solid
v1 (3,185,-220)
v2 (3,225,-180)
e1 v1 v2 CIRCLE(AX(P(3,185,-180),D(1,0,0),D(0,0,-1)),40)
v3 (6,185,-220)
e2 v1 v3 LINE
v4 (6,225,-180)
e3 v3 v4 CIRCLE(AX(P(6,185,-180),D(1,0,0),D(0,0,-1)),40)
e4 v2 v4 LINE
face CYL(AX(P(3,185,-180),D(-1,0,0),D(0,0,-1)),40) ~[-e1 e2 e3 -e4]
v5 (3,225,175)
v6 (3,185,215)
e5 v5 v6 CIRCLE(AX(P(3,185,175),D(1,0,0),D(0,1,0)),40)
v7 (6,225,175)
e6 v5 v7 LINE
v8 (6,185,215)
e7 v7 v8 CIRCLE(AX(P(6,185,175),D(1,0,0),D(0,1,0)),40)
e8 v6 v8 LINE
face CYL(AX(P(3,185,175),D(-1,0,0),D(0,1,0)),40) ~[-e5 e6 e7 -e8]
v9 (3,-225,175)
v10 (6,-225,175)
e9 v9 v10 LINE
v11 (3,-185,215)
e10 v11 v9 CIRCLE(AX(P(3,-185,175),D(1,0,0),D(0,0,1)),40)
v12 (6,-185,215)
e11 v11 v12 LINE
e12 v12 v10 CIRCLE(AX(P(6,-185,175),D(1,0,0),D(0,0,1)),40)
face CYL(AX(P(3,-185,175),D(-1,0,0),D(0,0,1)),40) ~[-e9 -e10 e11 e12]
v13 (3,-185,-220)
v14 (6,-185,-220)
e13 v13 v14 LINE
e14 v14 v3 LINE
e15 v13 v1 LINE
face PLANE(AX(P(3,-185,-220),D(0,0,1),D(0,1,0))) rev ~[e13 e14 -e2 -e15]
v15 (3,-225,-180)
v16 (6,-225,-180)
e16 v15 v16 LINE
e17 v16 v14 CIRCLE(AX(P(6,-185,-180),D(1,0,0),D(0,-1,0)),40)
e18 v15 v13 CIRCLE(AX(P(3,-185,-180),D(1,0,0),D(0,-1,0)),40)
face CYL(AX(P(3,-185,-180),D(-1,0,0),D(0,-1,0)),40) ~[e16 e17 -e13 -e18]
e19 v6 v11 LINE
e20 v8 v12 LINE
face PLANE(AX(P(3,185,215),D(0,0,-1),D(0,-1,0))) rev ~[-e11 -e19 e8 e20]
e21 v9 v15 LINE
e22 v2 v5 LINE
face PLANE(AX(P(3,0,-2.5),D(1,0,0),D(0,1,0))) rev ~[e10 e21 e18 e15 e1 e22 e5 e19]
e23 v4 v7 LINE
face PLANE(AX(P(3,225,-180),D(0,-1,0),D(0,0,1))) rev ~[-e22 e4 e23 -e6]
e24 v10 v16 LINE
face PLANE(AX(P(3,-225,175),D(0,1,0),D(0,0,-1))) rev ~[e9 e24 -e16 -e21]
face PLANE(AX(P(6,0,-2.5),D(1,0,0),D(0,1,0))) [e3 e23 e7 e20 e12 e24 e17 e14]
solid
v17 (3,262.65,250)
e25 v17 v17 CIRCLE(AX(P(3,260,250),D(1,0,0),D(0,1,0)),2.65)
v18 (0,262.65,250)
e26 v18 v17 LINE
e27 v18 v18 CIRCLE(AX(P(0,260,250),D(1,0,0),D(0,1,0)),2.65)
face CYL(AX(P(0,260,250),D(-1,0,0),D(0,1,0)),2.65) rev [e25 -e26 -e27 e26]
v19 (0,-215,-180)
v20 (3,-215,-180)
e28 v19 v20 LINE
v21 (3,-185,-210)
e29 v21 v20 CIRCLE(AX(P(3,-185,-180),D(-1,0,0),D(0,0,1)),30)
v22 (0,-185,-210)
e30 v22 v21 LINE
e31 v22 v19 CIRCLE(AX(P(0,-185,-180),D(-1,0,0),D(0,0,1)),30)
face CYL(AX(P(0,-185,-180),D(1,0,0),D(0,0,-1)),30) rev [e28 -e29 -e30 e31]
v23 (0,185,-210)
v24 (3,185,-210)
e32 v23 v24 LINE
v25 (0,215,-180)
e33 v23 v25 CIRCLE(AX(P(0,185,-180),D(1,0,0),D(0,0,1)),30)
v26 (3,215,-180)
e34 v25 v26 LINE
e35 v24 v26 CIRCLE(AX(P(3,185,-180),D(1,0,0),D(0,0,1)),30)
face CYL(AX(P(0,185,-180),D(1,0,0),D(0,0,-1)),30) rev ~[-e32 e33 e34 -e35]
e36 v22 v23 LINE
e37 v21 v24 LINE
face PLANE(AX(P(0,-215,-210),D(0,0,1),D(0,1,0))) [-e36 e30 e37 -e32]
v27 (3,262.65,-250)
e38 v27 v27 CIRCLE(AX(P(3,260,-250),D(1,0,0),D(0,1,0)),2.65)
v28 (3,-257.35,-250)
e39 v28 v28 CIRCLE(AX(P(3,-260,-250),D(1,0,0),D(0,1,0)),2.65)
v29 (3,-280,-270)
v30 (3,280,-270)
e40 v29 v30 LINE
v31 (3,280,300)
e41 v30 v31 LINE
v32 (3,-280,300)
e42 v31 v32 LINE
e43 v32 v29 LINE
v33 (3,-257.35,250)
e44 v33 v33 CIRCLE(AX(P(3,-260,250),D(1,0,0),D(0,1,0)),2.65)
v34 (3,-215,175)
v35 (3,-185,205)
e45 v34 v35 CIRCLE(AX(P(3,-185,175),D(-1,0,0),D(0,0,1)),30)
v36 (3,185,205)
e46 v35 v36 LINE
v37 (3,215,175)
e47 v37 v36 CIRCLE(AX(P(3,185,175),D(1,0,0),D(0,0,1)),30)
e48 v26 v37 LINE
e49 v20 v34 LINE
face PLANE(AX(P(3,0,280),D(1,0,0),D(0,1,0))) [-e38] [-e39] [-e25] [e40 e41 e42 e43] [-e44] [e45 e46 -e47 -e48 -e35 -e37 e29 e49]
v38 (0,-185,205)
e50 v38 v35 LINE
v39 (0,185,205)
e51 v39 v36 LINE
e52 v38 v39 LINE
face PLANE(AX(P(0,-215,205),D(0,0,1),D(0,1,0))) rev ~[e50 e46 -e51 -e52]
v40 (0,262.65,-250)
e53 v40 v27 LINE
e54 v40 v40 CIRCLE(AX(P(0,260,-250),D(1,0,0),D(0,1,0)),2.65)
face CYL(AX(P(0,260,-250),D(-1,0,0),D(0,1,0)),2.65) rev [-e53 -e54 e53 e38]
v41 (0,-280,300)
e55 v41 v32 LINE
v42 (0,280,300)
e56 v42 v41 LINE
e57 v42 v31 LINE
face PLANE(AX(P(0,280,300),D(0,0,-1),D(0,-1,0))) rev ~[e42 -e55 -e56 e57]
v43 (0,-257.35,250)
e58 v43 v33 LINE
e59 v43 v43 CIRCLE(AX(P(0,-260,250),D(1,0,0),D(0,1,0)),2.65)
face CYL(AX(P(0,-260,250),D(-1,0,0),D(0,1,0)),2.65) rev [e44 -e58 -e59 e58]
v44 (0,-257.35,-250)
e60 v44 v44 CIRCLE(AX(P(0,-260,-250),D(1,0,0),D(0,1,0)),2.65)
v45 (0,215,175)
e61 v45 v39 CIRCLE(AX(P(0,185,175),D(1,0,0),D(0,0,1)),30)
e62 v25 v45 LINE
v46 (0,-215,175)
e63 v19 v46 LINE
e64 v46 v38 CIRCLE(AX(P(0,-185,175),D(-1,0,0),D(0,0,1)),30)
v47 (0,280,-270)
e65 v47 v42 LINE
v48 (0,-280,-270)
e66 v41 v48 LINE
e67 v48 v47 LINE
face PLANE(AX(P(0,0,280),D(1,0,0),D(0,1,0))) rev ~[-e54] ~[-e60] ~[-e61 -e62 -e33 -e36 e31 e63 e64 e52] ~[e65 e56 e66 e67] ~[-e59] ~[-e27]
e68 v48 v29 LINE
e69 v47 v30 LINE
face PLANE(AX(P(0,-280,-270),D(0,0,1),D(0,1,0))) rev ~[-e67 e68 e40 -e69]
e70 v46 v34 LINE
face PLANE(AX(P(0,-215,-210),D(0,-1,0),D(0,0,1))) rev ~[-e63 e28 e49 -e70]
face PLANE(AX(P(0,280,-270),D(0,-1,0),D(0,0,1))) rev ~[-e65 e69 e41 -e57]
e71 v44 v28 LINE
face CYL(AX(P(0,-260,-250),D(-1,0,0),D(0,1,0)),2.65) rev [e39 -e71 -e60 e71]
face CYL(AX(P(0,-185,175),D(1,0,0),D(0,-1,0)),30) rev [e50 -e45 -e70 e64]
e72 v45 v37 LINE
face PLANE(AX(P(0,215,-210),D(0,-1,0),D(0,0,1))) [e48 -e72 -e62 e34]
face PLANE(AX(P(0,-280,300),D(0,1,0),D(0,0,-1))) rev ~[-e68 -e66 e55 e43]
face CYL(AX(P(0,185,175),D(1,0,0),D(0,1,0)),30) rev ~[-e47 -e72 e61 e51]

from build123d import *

# Parameters (mm, degrees)
F0_W     = 540
F0_H     = 40
F0_R     = 2.65
F0_W_2   = 430
F0_H_2   = 415
F1_DEPTH = 3
F2_R     = 30
F4_DEPTH = 3


with BuildPart() as f1:
    # F0 (on Right) → F1 (new body)
    with BuildSketch(Plane.YZ):
        with Locations((0, 280)):
            Rectangle(F0_W, F0_H)
        Polygon((270, 260), (-270, 260), (-270, 300), (-280, 300), (-280, -260), (-280, -270), (280, -270), (280, -260), (280, 300), (270, 300), align=None)
        with Locations((-260, -250)):
            Circle(F0_R, mode=Mode.SUBTRACT)
        with Locations((260, -250)):
            Circle(F0_R, mode=Mode.SUBTRACT)
        with Locations((0, -2.5)):
            Rectangle(F0_W_2, F0_H_2, mode=Mode.SUBTRACT)
        with Locations((-260, 250)):
            Circle(F0_R, mode=Mode.SUBTRACT)
        with Locations((260, 250)):
            Circle(F0_R, mode=Mode.SUBTRACT)
    extrude(amount=F1_DEPTH)

    # F2
    f2_edges = [f1.edges().sort_by_distance(p)[0] for p in [
        (1.5, -215, 205),
        (1.5, 215, 205),
        (1.5, 215, -210),
        (1.5, -215, -210),
    ]]
    fillet(f2_edges, radius=F2_R)


with BuildPart() as f4:
    # F3 (on face) → F4 (new body)
    with BuildSketch(Plane.YZ.offset(3)):
        with BuildLine():
            ThreePointArc((-225, -180), (-213.2842712475, -208.2842712475), (-185, -220))
            Line((-185, -220), (185, -220))
            ThreePointArc((185, -220), (213.2842712475, -208.2842712475), (225, -180))
            Line((225, -180), (225, 175))
            ThreePointArc((225, 175), (213.2842712475, 203.2842712475), (185, 215))
            Line((185, 215), (-185, 215))
            ThreePointArc((-185, 215), (-213.2842712475, 203.2842712475), (-225, 175))
            Line((-225, 175), (-225, -180))
        make_face()
    extrude(amount=F4_DEPTH)


solid = Compound([f1.part, f4.part])
